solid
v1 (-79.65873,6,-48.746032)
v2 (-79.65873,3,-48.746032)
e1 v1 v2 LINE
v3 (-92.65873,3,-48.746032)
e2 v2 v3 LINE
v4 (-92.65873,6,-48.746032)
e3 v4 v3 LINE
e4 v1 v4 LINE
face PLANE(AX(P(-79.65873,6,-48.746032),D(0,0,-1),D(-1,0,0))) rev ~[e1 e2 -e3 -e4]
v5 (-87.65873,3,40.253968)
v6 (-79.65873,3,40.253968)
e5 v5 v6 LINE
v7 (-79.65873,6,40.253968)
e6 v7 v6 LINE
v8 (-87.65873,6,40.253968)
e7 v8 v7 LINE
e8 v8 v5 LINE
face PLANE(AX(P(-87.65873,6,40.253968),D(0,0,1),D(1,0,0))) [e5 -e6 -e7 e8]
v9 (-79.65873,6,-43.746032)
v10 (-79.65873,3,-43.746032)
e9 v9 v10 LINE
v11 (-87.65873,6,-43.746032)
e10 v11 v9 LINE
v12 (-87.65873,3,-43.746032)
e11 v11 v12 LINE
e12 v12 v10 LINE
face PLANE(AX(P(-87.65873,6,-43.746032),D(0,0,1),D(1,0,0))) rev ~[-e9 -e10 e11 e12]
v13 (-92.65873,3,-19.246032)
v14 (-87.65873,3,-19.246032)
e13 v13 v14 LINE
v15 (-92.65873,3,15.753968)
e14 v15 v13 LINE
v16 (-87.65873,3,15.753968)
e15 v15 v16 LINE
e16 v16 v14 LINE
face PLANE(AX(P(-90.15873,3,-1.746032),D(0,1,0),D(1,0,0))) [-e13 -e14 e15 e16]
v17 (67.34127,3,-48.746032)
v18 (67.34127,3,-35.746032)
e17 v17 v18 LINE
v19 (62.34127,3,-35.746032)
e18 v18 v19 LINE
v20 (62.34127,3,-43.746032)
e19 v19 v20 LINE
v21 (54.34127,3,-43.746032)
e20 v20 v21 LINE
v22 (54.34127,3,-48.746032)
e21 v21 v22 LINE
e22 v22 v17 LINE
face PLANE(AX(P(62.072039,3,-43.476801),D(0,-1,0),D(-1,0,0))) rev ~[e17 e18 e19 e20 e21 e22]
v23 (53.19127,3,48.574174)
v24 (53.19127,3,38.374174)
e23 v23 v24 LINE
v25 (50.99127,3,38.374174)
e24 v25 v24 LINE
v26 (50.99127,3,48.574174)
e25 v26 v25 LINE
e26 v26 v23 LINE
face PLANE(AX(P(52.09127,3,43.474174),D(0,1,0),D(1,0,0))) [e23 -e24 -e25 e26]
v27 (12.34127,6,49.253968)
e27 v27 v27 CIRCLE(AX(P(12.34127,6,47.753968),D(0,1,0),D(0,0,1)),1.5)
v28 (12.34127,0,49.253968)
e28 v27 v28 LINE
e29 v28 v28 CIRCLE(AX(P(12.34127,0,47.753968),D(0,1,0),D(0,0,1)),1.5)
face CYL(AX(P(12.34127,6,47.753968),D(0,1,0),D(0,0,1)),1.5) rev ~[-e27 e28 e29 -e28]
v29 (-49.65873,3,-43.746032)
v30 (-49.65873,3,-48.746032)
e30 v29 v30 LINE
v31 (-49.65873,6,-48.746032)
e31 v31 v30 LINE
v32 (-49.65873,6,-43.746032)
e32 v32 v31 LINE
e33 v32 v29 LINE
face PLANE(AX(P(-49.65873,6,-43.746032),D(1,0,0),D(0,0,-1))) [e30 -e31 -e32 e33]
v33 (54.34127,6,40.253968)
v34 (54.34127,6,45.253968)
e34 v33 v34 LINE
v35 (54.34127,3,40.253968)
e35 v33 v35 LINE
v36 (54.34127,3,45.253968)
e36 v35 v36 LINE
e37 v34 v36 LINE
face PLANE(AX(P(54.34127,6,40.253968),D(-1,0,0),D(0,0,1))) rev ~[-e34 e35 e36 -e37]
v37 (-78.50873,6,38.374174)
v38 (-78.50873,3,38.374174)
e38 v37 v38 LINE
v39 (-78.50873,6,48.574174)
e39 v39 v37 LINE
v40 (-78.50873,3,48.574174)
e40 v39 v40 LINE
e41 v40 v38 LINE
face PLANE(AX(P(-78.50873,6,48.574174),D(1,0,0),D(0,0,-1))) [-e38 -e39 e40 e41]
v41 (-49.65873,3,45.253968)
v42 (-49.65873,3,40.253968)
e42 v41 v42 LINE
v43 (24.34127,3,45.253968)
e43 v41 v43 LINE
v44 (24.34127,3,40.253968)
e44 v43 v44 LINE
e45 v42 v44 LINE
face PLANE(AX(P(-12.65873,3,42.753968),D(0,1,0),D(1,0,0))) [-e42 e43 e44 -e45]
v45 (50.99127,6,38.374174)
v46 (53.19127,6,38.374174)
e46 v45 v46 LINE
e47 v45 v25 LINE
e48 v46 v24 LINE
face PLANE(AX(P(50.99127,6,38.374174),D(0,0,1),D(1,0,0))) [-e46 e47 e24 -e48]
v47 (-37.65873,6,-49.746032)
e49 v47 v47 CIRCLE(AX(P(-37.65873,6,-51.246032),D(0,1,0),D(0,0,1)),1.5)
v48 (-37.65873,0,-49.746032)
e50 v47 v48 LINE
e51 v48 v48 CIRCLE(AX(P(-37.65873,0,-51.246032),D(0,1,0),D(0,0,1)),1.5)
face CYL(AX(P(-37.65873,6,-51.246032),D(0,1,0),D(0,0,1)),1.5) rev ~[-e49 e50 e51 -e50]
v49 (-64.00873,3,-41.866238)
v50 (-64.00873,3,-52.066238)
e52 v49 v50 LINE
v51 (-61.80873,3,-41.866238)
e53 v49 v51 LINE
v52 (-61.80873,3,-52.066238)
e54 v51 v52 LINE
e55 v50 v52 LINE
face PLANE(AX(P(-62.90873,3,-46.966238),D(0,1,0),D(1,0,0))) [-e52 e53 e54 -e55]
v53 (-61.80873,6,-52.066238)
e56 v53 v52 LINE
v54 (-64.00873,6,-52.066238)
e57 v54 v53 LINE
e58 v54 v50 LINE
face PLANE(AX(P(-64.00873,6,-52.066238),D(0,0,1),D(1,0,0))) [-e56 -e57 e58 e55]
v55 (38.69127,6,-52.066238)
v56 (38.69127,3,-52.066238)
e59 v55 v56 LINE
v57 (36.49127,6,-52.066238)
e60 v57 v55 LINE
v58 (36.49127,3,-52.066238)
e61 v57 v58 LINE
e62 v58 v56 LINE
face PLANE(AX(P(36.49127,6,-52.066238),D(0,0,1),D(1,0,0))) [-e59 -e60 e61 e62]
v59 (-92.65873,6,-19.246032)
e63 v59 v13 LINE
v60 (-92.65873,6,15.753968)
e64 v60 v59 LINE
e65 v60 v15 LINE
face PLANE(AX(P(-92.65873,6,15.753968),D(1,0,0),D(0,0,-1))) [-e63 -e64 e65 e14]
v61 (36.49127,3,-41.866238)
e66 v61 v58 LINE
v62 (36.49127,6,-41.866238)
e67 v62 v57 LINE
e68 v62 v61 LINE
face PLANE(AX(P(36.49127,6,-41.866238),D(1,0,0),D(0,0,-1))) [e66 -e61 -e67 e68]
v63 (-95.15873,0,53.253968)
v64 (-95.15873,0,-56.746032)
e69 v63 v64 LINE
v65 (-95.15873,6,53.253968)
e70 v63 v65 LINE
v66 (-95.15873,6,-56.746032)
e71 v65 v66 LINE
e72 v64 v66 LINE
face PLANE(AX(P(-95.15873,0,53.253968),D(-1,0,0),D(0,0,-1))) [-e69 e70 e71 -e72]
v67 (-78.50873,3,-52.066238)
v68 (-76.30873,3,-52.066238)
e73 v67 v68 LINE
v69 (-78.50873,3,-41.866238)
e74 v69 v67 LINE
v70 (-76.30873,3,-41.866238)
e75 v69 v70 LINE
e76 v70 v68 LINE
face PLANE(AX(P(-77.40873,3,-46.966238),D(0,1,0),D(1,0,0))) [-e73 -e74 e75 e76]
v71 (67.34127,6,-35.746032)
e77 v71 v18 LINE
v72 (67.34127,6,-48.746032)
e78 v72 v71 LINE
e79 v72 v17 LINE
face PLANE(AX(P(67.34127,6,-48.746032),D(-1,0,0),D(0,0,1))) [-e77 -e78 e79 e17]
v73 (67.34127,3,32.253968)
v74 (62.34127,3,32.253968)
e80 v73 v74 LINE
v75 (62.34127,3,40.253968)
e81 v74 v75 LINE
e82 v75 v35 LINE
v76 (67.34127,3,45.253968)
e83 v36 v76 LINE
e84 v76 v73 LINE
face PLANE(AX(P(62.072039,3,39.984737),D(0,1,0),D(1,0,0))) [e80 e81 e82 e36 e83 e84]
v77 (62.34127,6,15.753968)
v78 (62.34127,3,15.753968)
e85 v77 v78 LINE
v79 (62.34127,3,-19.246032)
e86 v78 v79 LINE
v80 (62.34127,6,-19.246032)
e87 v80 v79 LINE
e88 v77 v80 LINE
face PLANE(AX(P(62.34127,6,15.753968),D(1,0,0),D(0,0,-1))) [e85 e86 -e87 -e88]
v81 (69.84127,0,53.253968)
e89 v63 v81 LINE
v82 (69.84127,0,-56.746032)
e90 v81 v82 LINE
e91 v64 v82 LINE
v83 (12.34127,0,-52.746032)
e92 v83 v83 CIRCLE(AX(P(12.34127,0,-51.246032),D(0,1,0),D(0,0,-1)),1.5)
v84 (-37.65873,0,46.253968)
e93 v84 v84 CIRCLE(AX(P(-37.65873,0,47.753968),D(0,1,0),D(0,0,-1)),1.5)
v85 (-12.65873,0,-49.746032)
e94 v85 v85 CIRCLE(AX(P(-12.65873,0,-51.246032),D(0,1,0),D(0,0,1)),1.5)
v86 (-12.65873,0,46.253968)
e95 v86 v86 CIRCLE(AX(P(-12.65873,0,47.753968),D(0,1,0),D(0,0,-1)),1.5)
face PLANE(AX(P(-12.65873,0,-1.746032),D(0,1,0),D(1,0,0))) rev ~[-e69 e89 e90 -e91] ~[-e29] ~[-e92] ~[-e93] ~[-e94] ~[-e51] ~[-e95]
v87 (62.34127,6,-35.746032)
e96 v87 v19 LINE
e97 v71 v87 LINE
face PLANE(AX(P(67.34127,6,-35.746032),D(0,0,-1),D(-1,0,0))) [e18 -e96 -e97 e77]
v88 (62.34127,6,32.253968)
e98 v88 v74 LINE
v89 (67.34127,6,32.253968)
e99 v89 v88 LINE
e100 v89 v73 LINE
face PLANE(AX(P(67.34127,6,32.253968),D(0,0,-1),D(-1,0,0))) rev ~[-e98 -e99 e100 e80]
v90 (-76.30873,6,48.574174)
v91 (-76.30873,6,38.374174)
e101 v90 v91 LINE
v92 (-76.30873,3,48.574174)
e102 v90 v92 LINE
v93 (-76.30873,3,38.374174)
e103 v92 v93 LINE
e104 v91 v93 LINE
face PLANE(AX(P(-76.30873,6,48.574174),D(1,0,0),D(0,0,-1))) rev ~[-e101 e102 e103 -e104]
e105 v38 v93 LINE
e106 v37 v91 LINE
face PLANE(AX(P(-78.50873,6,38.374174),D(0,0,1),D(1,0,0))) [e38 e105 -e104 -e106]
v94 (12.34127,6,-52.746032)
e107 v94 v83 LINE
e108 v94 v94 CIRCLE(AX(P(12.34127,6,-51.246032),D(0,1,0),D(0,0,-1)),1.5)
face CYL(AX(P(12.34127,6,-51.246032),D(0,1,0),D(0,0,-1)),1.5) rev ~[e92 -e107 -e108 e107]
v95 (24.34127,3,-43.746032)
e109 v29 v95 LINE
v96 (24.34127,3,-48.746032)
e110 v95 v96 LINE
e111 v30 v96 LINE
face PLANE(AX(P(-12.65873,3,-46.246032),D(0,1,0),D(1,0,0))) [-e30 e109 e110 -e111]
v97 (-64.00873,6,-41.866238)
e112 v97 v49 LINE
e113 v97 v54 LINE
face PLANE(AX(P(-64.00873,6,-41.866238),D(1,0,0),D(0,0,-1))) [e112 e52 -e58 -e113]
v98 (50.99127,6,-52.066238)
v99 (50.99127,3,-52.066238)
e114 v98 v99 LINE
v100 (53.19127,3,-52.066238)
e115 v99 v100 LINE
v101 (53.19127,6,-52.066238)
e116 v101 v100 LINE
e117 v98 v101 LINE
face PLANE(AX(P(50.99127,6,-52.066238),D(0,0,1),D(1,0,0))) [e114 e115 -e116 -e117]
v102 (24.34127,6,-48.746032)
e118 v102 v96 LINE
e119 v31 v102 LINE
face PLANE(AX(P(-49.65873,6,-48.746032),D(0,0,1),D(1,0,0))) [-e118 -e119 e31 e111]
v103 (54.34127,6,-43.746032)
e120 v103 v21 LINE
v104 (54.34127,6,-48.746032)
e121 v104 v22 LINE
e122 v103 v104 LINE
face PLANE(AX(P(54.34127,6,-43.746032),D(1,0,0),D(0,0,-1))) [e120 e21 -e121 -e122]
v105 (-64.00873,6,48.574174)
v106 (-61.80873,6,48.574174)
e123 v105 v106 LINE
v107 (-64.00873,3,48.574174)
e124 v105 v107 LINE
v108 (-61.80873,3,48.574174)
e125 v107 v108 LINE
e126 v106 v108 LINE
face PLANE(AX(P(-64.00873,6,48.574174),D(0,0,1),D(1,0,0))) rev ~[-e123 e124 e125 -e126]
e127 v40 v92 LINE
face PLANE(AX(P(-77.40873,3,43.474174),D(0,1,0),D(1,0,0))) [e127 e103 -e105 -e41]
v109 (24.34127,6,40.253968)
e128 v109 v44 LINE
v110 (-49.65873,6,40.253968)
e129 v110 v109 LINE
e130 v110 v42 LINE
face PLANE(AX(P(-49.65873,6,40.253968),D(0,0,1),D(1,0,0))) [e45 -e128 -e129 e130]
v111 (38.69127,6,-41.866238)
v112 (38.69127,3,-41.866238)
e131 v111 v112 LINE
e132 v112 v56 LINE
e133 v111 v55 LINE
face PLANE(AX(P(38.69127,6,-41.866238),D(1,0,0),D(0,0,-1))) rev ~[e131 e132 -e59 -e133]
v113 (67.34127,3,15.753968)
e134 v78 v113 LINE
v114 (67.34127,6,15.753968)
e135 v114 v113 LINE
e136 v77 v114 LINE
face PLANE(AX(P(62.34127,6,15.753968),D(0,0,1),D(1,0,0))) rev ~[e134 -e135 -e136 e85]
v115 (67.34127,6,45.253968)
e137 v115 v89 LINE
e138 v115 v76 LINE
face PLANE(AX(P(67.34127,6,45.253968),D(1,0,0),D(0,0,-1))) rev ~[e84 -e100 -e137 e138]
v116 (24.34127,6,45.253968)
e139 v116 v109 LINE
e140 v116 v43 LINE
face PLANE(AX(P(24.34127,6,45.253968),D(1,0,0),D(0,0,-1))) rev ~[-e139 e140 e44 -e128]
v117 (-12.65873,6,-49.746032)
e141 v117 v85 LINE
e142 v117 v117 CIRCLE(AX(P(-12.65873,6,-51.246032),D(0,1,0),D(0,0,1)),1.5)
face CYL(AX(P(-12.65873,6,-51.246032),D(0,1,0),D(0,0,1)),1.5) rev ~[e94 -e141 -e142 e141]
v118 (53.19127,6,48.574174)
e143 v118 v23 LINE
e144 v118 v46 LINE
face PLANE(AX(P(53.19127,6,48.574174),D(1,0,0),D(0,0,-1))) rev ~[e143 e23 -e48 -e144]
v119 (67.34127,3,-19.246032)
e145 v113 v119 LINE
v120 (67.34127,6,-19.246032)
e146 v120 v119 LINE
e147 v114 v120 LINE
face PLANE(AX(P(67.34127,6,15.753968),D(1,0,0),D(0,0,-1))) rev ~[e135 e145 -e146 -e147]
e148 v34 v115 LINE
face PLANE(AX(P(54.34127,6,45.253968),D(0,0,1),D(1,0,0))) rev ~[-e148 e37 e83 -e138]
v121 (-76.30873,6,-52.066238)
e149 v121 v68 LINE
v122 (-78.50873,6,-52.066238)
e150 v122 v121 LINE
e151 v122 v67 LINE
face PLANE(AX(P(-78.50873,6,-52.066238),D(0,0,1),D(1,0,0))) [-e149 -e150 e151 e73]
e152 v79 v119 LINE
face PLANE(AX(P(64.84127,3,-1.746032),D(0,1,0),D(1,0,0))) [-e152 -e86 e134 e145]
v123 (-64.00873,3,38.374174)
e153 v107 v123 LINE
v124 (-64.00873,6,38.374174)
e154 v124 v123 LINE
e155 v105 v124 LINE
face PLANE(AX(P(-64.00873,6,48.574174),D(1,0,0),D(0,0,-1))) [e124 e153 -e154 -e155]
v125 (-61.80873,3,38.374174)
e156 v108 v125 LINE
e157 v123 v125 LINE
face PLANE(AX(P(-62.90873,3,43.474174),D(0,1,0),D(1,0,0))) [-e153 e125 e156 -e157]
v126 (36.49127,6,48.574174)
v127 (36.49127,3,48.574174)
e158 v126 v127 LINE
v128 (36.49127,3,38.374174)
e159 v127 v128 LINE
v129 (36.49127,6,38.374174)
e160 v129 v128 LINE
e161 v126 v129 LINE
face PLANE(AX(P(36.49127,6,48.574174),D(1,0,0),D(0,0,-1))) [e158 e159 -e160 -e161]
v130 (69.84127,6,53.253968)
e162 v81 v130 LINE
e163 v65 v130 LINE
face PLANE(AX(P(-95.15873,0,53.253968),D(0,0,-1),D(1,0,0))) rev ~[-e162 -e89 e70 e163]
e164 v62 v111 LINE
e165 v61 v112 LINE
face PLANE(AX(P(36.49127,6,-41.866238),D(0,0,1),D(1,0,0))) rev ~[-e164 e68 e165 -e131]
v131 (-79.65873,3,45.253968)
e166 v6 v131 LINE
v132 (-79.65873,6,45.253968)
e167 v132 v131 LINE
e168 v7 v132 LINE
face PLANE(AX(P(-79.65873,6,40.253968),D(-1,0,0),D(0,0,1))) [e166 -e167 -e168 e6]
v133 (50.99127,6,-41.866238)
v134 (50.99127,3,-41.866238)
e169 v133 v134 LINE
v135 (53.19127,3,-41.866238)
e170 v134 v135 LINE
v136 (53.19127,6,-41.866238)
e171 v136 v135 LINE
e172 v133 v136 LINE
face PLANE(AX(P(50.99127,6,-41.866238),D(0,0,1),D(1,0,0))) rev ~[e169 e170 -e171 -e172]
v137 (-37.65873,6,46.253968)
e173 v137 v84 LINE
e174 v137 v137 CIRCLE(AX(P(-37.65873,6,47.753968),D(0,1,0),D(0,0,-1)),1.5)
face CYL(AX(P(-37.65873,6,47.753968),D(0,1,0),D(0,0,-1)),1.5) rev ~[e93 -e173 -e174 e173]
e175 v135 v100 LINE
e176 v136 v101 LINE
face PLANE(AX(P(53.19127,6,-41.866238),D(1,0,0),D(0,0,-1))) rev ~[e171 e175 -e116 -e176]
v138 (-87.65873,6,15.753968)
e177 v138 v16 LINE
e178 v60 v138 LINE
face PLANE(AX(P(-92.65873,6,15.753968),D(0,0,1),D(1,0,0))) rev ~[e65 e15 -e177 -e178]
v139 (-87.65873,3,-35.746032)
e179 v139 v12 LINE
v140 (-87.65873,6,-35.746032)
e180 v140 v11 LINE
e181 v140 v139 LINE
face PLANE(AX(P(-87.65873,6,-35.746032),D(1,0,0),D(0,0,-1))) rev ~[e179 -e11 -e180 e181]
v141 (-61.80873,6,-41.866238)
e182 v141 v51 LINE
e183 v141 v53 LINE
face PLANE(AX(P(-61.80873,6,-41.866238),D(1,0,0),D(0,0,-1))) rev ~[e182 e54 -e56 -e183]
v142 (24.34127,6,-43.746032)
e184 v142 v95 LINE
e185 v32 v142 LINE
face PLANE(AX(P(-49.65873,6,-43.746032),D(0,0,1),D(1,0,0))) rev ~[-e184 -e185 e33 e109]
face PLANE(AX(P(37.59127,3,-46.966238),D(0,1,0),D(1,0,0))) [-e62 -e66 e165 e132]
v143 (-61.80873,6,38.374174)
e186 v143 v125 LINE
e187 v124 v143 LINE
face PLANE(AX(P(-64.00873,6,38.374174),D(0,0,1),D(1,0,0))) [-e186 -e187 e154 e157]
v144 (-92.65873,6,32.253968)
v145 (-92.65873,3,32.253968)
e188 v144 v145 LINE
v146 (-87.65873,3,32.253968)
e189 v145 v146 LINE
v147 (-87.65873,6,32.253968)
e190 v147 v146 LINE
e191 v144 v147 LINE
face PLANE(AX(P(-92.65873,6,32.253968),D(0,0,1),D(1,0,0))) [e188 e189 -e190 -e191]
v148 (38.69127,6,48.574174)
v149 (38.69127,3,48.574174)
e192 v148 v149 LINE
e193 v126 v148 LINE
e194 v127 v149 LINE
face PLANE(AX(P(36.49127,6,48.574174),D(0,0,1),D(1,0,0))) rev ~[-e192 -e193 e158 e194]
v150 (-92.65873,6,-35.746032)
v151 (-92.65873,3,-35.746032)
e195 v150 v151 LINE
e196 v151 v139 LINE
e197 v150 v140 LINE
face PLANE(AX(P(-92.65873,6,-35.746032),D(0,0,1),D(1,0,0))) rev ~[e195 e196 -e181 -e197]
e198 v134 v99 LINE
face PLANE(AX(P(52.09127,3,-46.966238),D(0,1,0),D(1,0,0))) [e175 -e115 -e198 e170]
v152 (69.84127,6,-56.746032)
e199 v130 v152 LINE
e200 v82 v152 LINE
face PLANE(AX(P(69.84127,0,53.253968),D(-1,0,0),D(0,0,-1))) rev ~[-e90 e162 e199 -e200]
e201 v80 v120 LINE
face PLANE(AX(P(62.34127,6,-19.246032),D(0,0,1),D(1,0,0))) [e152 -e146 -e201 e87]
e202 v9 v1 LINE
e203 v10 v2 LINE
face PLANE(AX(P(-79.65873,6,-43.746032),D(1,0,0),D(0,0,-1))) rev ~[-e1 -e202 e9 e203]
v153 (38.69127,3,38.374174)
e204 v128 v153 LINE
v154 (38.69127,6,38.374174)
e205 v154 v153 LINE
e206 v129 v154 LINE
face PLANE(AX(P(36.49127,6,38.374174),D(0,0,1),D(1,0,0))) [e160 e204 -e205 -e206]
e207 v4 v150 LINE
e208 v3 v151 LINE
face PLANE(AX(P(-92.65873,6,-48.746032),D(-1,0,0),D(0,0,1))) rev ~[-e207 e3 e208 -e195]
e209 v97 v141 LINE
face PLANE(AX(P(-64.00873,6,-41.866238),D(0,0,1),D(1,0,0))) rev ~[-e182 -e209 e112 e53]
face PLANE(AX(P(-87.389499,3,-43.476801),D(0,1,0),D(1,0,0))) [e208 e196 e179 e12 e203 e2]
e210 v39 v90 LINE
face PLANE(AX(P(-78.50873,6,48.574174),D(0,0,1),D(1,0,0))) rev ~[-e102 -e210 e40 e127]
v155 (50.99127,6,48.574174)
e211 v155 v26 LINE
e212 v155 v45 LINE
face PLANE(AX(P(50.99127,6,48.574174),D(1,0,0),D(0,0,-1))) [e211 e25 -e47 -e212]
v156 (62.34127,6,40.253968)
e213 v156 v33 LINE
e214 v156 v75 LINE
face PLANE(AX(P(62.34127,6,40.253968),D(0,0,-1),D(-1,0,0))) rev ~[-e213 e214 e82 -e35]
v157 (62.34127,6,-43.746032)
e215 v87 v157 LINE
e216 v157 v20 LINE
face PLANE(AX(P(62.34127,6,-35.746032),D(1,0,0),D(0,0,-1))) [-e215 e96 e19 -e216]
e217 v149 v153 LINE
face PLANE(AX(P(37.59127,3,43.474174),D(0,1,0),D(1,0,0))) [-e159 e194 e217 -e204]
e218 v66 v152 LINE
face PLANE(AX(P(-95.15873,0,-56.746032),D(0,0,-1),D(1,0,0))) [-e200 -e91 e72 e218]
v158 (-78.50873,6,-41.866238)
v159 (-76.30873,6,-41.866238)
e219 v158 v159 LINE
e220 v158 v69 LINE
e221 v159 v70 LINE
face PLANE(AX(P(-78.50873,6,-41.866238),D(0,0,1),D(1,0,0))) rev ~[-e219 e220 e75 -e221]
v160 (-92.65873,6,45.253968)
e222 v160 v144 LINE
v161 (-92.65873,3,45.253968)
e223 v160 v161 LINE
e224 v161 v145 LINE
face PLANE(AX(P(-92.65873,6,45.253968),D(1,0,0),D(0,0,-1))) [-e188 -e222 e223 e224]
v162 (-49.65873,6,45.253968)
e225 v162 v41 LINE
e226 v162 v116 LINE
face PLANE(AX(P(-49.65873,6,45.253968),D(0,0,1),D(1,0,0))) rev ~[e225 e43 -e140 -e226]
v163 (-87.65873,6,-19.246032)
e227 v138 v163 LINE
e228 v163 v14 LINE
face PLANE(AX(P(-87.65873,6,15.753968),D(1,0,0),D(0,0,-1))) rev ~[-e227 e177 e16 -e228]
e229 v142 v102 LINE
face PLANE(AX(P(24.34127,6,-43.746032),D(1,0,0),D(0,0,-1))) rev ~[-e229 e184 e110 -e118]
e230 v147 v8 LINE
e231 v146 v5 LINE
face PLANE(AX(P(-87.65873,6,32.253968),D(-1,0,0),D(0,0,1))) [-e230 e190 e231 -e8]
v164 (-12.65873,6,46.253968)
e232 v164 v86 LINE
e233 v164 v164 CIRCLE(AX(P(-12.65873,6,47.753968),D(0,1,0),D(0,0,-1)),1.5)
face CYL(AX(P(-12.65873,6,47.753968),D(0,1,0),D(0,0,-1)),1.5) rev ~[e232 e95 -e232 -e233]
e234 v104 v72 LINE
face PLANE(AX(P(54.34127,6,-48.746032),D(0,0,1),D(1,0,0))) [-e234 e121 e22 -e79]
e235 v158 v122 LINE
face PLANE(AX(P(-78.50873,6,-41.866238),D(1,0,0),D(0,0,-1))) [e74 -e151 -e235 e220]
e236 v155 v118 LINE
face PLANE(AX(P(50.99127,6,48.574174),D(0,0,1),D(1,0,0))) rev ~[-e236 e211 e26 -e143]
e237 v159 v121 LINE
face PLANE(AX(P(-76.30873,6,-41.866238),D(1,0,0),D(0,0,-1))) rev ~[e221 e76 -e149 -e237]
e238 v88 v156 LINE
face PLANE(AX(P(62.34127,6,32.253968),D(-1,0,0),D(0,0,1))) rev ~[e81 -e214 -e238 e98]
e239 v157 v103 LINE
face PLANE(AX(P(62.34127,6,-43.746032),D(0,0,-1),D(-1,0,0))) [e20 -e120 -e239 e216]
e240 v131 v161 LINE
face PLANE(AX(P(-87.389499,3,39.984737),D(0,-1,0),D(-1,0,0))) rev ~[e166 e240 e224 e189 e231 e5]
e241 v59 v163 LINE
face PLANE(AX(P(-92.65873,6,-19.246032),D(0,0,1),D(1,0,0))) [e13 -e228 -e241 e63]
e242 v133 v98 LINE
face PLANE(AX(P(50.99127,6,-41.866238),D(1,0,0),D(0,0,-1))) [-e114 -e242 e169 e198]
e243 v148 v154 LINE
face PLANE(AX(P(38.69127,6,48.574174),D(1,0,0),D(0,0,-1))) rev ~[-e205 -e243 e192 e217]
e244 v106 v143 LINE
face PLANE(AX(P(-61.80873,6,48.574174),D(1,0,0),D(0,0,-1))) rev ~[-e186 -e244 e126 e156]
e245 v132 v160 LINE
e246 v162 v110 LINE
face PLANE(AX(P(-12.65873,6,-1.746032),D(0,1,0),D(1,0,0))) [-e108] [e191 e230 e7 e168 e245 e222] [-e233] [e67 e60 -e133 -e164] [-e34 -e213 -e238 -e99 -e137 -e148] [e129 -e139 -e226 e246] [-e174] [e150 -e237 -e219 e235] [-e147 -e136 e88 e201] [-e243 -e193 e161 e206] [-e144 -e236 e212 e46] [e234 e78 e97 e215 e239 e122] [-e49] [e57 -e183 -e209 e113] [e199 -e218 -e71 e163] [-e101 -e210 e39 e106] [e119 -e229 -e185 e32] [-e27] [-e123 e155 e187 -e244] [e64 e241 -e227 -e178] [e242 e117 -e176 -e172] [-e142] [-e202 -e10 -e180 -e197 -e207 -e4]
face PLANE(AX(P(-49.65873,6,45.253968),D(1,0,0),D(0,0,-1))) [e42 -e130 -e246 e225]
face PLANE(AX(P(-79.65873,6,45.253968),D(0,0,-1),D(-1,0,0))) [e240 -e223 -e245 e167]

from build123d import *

# Parameters (mm, degrees)
SKETCH1_W           = 165
SKETCH1_H           = 110
BOSS_EXTRUDE1_DEPTH = 6
SKETCH2_W           = 5
SKETCH2_H           = 35
SKETCH2_W_2         = 74
SKETCH2_H_2         = 5
SKETCH2_W_3         = 2.2
SKETCH2_H_3         = 10.2
CUT_EXTRUDE1_DEPTH  = 3
SKETCH3_R           = 1.5
CUT_EXTRUDE2_DEPTH  = 111.956279878


with BuildPart() as part:
    # Sketch1 → Boss-Extrude1 (new body)
    with BuildSketch(Plane(origin=(0, 0, 0), x_dir=(1, 0, 0), z_dir=(0, 1, 0))):
        with Locations((-12.658730159, 1.746031746)):
            Rectangle(SKETCH1_W, SKETCH1_H)
    extrude(amount=BOSS_EXTRUDE1_DEPTH)

    # Sketch2 → Cut-Extrude1 (cut)
    with BuildSketch(Plane(origin=(0, 6, 0), x_dir=(1, 0, 0), z_dir=(0, 1, 0))):
        Polygon((-92.658730159, 48.746031746), (-92.658730159, 35.746031746), (-87.658730159, 35.746031746), (-87.658730159, 43.746031746), (-79.658730159, 43.746031746), (-79.658730159, 48.746031746), align=None)
        Polygon((-79.658730159, -40.253968254), (-79.658730159, -45.253968254), (-92.658730159, -45.253968254), (-92.658730159, -32.253968254), (-87.658730159, -32.253968254), (-87.658730159, -40.253968254), align=None)
        Polygon((54.341269841, 43.746031746), (54.341269841, 48.746031746), (67.341269841, 48.746031746), (67.341269841, 35.746031746), (62.341269841, 35.746031746), (62.341269841, 43.746031746), align=None)
        Polygon((62.341269841, -40.253968254), (54.341269841, -40.253968254), (54.341269841, -45.253968254), (67.341269841, -45.253968254), (67.341269841, -32.253968254), (62.341269841, -32.253968254), align=None)
        with Locations((64.841269841, 1.746031746)):
            Rectangle(SKETCH2_W, SKETCH2_H)
        with Locations((-90.158730159, 1.746031746)):
            Rectangle(SKETCH2_W, SKETCH2_H)
        with Locations((-12.658730159, -42.753968254)):
            Rectangle(SKETCH2_W_2, SKETCH2_H_2)
        with Locations((-12.658730159, 46.246031746)):
            Rectangle(SKETCH2_W_2, SKETCH2_H_2)
        with Locations((-77.408730159, 46.966237914)):
            Rectangle(SKETCH2_W_3, SKETCH2_H_3)
        with Locations((-62.908730159, 46.966237914)):
            Rectangle(SKETCH2_W_3, SKETCH2_H_3)
        with Locations((52.091269841, 46.966237914)):
            Rectangle(SKETCH2_W_3, SKETCH2_H_3)
        with Locations((37.591269841, 46.966237914)):
            Rectangle(SKETCH2_W_3, SKETCH2_H_3)
        with Locations((52.091269841, -43.474174422)):
            Rectangle(SKETCH2_W_3, SKETCH2_H_3)
        with Locations((37.591269841, -43.474174422)):
            Rectangle(SKETCH2_W_3, SKETCH2_H_3)
        with Locations((-62.908730159, -43.474174422)):
            Rectangle(SKETCH2_W_3, SKETCH2_H_3)
        with Locations((-77.408730159, -43.474174422)):
            Rectangle(SKETCH2_W_3, SKETCH2_H_3)
    extrude(amount=-CUT_EXTRUDE1_DEPTH, mode=Mode.SUBTRACT)

    # Sketch3 → Cut-Extrude2 (cut, through all)
    with BuildSketch(Plane(origin=(0, 6, 0), x_dir=(1, 0, 0), z_dir=(0, 1, 0))):
        with Locations(Location((-37.658730159, 51.246031746, 0), (0, 0, 270))):
            Circle(SKETCH3_R)
        with Locations(Location((12.341269841, 51.246031746, 0), (0, 0, 90))):
            Circle(SKETCH3_R)
        with Locations(Location((-12.658730159, 51.246031746, 0), (0, 0, 270))):
            Circle(SKETCH3_R)
        with Locations(Location((12.341269841, -47.753968254, 0), (0, 0, 270))):
            Circle(SKETCH3_R)
        with Locations(Location((-12.658730159, -47.753968254, 0), (0, 0, 90))):
            Circle(SKETCH3_R)
        with Locations(Location((-37.658730159, -47.753968254, 0), (0, 0, 90))):
            Circle(SKETCH3_R)
    extrude(amount=-CUT_EXTRUDE2_DEPTH, mode=Mode.SUBTRACT)


solid = part.part
